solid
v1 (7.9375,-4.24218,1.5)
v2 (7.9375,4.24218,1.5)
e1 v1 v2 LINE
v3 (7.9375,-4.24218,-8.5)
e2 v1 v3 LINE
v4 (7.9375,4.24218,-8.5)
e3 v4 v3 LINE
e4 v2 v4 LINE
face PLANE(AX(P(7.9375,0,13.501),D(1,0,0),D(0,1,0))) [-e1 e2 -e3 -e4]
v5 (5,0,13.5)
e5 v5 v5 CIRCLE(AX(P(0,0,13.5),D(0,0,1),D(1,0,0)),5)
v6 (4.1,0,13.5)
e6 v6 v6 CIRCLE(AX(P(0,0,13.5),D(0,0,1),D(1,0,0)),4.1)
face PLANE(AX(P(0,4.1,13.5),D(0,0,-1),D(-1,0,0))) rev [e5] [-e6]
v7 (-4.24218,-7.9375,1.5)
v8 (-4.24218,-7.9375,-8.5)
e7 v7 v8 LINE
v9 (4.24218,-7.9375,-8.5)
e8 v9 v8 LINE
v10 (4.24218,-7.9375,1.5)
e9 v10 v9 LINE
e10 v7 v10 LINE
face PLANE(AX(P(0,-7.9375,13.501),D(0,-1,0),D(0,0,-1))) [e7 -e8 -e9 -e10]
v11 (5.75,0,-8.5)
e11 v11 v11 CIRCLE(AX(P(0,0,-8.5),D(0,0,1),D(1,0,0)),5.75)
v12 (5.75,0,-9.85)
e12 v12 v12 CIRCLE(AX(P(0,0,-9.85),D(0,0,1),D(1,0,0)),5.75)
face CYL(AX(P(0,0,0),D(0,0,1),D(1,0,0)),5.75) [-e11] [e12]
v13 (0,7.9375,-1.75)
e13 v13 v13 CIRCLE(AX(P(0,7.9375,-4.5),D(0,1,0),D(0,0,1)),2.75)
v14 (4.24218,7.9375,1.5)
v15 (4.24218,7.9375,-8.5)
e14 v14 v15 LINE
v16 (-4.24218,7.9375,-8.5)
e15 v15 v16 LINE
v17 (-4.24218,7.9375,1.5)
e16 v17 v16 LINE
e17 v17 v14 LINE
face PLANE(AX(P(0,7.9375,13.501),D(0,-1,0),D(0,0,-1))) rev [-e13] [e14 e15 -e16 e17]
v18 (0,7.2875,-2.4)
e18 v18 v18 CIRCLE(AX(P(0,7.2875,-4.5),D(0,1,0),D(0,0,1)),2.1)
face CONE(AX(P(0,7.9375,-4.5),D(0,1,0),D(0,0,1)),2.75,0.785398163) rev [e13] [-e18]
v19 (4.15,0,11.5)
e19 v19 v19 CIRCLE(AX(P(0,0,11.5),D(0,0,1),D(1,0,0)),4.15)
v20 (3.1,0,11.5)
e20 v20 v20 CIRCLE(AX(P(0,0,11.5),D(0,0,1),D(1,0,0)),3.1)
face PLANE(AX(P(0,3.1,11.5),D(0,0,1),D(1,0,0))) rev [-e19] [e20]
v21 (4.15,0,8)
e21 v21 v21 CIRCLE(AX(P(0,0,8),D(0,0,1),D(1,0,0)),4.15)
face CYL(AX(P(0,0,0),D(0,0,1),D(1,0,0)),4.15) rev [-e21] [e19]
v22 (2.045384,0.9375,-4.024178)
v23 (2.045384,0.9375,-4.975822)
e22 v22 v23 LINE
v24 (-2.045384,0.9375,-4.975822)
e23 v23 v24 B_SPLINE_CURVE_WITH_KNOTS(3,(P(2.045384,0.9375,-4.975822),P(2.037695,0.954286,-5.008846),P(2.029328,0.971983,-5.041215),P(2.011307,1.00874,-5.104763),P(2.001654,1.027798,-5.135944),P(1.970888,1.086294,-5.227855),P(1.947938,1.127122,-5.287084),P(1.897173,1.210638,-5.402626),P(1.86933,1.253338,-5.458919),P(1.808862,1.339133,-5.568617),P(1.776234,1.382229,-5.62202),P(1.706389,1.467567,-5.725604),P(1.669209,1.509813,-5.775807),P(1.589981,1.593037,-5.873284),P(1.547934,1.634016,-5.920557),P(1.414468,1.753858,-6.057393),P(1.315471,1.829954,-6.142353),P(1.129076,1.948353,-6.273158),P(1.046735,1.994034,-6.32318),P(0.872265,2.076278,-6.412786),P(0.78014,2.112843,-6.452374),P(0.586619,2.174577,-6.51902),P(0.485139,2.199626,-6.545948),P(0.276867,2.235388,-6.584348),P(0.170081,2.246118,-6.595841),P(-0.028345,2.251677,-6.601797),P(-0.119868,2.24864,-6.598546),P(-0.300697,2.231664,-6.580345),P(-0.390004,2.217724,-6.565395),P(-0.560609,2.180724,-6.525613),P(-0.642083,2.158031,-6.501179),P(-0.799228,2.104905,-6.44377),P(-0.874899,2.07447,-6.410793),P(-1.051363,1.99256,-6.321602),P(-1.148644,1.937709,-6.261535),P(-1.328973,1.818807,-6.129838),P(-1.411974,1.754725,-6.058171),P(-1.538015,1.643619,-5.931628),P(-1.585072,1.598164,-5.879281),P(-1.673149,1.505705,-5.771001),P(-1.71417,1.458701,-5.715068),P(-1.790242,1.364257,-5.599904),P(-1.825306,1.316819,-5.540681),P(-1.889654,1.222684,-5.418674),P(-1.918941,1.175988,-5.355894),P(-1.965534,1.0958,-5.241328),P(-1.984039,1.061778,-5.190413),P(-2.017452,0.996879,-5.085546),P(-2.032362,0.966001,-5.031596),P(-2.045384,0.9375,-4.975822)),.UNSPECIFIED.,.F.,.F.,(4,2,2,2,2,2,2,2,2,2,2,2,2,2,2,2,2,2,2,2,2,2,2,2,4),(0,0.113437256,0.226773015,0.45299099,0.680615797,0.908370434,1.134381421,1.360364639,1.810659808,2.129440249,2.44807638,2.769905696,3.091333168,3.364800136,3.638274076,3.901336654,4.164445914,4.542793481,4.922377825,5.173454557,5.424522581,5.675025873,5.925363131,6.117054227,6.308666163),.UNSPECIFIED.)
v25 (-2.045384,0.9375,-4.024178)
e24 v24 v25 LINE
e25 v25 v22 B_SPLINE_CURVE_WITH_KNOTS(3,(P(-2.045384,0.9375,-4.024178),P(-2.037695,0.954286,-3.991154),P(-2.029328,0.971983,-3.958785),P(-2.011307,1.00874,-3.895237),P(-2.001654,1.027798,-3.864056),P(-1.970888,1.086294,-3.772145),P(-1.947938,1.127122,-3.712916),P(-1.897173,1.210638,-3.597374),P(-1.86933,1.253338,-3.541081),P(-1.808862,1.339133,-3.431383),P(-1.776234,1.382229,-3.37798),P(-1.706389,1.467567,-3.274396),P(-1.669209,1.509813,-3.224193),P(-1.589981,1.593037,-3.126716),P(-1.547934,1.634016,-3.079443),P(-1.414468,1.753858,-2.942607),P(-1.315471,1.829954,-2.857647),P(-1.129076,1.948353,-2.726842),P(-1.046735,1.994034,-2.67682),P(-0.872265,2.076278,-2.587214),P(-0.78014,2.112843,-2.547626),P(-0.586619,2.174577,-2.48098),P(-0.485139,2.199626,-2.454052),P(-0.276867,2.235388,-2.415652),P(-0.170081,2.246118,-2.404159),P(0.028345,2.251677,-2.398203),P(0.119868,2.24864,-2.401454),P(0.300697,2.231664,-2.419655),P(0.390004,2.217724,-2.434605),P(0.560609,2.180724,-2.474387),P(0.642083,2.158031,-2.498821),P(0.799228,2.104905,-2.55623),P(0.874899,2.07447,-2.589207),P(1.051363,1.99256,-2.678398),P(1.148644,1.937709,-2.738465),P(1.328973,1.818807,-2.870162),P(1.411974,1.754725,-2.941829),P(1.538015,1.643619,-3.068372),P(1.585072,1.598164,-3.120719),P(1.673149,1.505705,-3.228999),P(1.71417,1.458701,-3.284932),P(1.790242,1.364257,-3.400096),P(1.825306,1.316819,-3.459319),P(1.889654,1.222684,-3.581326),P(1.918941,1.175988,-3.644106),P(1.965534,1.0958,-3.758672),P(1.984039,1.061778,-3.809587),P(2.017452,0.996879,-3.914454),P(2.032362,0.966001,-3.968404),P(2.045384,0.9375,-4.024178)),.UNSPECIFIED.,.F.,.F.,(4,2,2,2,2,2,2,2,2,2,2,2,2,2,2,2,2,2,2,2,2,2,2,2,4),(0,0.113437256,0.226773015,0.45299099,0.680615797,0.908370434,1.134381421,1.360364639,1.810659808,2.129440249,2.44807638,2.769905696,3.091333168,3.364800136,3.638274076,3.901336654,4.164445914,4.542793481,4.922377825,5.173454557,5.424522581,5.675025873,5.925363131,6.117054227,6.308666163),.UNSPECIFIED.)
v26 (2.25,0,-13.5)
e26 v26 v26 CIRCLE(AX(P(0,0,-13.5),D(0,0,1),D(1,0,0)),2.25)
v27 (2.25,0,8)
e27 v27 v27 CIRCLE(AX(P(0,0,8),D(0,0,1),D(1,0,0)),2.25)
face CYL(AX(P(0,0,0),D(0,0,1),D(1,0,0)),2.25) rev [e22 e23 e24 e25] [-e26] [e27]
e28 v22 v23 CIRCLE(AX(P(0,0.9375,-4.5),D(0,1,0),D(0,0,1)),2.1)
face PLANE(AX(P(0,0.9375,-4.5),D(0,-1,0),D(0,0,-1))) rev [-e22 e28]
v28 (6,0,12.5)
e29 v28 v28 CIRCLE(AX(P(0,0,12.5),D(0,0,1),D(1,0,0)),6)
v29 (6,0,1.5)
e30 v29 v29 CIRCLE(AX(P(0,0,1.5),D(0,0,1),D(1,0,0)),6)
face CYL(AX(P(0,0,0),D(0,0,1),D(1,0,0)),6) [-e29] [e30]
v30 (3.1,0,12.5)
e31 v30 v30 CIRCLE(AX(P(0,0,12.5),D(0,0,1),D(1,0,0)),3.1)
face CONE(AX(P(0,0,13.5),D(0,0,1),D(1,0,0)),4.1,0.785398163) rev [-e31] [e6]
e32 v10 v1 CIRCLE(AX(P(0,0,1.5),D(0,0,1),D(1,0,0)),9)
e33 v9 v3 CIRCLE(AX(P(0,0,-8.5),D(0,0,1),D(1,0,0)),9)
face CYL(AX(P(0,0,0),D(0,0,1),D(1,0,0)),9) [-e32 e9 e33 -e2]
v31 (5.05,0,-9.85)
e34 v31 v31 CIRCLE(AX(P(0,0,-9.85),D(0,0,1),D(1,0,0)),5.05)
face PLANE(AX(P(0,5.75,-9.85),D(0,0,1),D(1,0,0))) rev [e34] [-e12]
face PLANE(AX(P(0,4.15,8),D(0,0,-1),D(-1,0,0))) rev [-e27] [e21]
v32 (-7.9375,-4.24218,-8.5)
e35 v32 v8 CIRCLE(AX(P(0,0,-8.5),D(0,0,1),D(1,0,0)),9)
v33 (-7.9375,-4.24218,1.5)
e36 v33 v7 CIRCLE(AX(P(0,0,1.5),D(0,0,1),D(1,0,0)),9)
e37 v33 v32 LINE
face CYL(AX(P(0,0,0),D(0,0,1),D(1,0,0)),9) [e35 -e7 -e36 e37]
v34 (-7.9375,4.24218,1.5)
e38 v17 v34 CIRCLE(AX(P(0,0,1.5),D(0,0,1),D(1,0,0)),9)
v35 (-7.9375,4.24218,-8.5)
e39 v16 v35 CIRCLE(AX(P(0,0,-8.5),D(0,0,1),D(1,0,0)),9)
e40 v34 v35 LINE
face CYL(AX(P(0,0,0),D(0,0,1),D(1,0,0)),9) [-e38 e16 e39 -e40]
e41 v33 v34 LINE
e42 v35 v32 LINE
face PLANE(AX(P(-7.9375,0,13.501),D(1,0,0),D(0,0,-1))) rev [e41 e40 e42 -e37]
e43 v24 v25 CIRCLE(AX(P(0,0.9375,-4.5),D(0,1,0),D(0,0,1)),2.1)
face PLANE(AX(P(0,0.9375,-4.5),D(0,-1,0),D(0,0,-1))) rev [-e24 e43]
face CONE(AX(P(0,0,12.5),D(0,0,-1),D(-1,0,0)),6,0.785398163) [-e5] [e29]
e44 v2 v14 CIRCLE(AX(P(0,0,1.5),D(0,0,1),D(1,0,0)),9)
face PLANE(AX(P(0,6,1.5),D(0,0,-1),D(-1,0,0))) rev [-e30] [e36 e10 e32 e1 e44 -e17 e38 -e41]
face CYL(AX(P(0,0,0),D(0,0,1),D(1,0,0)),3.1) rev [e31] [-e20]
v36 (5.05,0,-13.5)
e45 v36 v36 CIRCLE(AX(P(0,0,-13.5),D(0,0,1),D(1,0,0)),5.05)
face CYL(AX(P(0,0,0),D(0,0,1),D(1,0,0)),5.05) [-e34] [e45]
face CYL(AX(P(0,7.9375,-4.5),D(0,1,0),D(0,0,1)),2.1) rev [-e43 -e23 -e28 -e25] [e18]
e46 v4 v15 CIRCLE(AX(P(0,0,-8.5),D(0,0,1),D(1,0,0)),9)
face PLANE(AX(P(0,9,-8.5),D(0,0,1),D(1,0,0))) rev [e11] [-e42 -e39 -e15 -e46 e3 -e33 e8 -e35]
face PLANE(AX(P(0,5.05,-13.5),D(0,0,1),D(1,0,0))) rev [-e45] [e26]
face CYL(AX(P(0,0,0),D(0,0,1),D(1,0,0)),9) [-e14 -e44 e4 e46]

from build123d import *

# Parameters (mm, degrees)
CUT_EXTRUDE2_REACH              = 24
M5X0_8_TAPPED_HOLE1_D           = 4.2
M5X0_8_TAPPED_HOLE1_DEPTH       = 7
M5X0_8_TAPPED_HOLE1_CSINK_D     = 5.5
M5X0_8_TAPPED_HOLE1_CSINK_ANGLE = 90


with BuildPart() as part:
    # Sketch1 → Revolve1 (revolve)
    with BuildSketch(Plane(origin=(0, 0, 0), x_dir=(0, 0, -1), z_dir=(1, 0, 0))):
        Polygon((-12.5, 3.1), (-13.5, 4.1), (-13.5, 5), (-12.5, 6), (-1.5, 6), (-1.5, 9), (8.5, 9), (8.5, 5.75), (9.85, 5.75), (9.85, 5.05), (13.5, 5.05), (13.5, 2.25), (-8, 2.25), (-8, 4.15), (-11.5, 4.15), (-11.5, 3.1), align=None)
    revolve(axis=Axis((0, 0, 0), (0, 0, -1)))

    # Sketch2 → Cut-Extrude2 (cut, up to next)
    with BuildSketch(Plane(origin=(0, 0, -8.5), x_dir=(-1, 0, 0), z_dir=(0, 0, -1)), mode=Mode.PRIVATE) as cut_extrude2_sk1:
        with BuildLine():
            ThreePointArc((4.242180306, 7.9375), (0, 9), (-4.242180306, 7.9375))
            Line((-4.242180306, 7.9375), (4.242180306, 7.9375))
        make_face()
    cut_extrude2_tool1 = extrude(cut_extrude2_sk1.sketch, amount=-CUT_EXTRUDE2_REACH, mode=Mode.PRIVATE) & part.part
    add(cut_extrude2_tool1.solids().sort_by_distance((0, 8.364726, -8.5))[0], mode=Mode.SUBTRACT)
    # Sketch2 → Cut-Extrude2 (cut, up to next)
    with BuildSketch(Plane(origin=(0, 0, -8.5), x_dir=(-1, 0, 0), z_dir=(0, 0, -1)), mode=Mode.PRIVATE) as cut_extrude2_sk2:
        with BuildLine():
            Line((-7.9375, -4.242180306), (-7.9375, 4.242180306))
            ThreePointArc((-7.9375, 4.242180306), (-9, 0), (-7.9375, -4.242180306))
        make_face()
    cut_extrude2_tool2 = extrude(cut_extrude2_sk2.sketch, amount=-CUT_EXTRUDE2_REACH, mode=Mode.PRIVATE) & part.part
    add(cut_extrude2_tool2.solids().sort_by_distance((8.364726, 0, -8.5))[0], mode=Mode.SUBTRACT)
    # Sketch2 → Cut-Extrude2 (cut, up to next)
    with BuildSketch(Plane(origin=(0, 0, -8.5), x_dir=(-1, 0, 0), z_dir=(0, 0, -1)), mode=Mode.PRIVATE) as cut_extrude2_sk3:
        with BuildLine():
            Line((4.242180306, -7.9375), (-4.242180306, -7.9375))
            ThreePointArc((-4.242180306, -7.9375), (0, -9), (4.242180306, -7.9375))
        make_face()
    cut_extrude2_tool3 = extrude(cut_extrude2_sk3.sketch, amount=-CUT_EXTRUDE2_REACH, mode=Mode.PRIVATE) & part.part
    add(cut_extrude2_tool3.solids().sort_by_distance((0, -8.364726, -8.5))[0], mode=Mode.SUBTRACT)
    # Sketch2 → Cut-Extrude2 (cut, up to next)
    with BuildSketch(Plane(origin=(0, 0, -8.5), x_dir=(-1, 0, 0), z_dir=(0, 0, -1)), mode=Mode.PRIVATE) as cut_extrude2_sk4:
        with BuildLine():
            ThreePointArc((9, 0), (8.730335045, 2.186606961), (7.9375, 4.242180306))
            Line((7.9375, 4.242180306), (7.9375, -4.242180306))
            ThreePointArc((7.9375, -4.242180306), (8.730335045, -2.186606961), (9, 0))
        make_face()
    cut_extrude2_tool4 = extrude(cut_extrude2_sk4.sketch, amount=-CUT_EXTRUDE2_REACH, mode=Mode.PRIVATE) & part.part
    add(cut_extrude2_tool4.solids().sort_by_distance((-8.364726, 0, -8.5))[0], mode=Mode.SUBTRACT)

    # M5x0.8 Tapped Hole1
    with Locations(Plane(origin=(0, 7.9375, 0), x_dir=(1, 0, 0), z_dir=(0, 1, 0))):
        with Locations((0, 4.5)):
            CounterSinkHole(M5X0_8_TAPPED_HOLE1_D / 2, M5X0_8_TAPPED_HOLE1_CSINK_D / 2, depth=M5X0_8_TAPPED_HOLE1_DEPTH, counter_sink_angle=M5X0_8_TAPPED_HOLE1_CSINK_ANGLE)


solid = part.part
